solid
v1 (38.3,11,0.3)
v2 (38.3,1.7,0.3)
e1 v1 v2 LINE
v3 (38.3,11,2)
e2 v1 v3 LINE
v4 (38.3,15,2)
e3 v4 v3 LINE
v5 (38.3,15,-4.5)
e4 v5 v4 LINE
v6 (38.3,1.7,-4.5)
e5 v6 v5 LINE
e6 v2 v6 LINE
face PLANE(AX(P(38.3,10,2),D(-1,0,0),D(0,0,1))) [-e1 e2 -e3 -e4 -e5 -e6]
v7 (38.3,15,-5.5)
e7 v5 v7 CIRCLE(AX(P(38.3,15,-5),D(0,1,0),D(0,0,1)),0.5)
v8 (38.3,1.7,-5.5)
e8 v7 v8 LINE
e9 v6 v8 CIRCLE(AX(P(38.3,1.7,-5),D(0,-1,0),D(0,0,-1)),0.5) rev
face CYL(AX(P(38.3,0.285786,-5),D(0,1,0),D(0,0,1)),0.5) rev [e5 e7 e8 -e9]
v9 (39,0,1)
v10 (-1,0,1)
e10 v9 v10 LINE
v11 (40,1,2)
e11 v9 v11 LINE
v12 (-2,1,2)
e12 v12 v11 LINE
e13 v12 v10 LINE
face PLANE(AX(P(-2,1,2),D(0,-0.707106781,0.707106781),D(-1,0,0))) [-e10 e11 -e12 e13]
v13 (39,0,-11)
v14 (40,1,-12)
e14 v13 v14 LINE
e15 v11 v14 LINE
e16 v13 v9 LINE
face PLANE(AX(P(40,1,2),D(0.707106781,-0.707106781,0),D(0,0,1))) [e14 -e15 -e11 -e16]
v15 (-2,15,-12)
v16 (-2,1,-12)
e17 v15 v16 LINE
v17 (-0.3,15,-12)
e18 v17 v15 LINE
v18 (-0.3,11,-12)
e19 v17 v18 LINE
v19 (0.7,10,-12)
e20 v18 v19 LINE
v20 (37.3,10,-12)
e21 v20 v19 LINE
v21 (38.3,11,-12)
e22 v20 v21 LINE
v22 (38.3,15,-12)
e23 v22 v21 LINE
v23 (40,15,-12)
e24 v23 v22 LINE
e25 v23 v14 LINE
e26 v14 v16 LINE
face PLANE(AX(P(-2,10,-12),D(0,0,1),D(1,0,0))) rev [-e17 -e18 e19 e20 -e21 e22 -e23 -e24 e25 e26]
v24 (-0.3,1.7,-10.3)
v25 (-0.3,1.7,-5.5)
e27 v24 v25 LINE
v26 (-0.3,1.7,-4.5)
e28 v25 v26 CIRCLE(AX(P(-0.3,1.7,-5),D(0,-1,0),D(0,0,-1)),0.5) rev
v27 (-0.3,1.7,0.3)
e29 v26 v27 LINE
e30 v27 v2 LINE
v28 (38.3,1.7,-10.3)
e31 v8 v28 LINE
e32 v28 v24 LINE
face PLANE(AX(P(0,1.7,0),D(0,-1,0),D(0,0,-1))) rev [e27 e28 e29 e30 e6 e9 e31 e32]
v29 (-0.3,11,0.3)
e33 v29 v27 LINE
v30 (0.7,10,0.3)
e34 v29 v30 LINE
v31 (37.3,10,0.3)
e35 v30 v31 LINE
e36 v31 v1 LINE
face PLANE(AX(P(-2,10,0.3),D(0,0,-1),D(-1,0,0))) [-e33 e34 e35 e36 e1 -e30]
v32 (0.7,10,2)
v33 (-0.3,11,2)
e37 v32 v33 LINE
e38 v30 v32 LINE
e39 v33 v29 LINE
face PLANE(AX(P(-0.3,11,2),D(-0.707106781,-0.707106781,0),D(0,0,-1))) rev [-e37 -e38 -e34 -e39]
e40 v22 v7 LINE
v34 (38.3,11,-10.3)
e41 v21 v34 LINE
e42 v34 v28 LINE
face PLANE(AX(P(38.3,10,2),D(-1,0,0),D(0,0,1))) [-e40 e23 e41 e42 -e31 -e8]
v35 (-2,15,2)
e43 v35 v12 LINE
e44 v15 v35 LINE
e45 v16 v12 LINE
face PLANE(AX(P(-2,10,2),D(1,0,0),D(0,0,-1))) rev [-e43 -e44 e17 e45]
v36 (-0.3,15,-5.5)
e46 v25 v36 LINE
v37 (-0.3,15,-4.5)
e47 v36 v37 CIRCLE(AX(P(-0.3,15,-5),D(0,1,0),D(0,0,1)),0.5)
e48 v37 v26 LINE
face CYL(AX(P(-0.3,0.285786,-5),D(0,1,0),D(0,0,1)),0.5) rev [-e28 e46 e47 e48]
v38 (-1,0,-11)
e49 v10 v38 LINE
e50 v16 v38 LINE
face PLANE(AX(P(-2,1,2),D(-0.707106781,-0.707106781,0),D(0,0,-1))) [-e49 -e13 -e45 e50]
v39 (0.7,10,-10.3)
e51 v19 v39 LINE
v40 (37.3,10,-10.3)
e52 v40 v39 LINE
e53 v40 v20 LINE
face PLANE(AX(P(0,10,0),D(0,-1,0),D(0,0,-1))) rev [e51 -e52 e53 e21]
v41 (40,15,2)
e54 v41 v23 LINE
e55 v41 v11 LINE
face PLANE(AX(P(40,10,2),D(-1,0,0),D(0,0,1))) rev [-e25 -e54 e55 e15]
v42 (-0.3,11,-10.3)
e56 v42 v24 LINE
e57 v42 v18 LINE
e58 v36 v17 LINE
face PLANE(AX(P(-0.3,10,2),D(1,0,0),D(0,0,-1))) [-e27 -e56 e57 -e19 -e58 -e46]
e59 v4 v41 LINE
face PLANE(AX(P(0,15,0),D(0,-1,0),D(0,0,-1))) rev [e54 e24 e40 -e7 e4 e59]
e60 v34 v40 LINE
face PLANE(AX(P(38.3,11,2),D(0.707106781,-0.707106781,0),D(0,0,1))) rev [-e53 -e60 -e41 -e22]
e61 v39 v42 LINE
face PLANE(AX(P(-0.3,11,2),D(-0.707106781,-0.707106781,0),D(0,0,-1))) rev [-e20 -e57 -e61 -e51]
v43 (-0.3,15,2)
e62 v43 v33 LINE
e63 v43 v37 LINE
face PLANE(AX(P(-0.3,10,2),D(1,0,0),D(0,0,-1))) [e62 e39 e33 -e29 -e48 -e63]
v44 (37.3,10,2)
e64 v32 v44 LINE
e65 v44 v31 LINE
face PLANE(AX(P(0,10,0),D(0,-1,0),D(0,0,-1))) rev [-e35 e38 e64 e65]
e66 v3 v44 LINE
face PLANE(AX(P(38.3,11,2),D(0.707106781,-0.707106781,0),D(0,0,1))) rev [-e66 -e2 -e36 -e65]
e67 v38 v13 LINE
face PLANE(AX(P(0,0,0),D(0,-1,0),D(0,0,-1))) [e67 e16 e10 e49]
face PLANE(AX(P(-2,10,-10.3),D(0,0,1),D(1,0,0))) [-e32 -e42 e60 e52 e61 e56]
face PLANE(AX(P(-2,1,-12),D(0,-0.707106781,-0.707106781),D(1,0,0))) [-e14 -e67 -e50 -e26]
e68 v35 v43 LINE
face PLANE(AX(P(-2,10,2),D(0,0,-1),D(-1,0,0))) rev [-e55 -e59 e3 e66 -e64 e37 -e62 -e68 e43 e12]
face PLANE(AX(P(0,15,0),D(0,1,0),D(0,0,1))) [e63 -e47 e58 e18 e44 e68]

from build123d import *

# Parameters (mm, degrees)
SKETCH1_W           = 42
SKETCH1_H           = 14
BOSS_EXTRUDE1_DEPTH = 10
SHELL1_T            = -1.7
SKETCH2_W           = 1.7
SKETCH2_H           = 14
BOSS_EXTRUDE2_DEPTH = 5
SKETCH3_R           = 0.5
CUT_EXTRUDE1_DEPTH  = 13.3
CHAMFER1_SIZE       = 1
CHAMFER2_SIZE       = 1


with BuildPart() as part:
    # Sketch1 → Boss-Extrude1 (new body)
    with BuildSketch(Plane(origin=(0, 0, 0), x_dir=(1, 0, 0), z_dir=(0, 1, 0))):
        with Locations((19, 5)):
            Rectangle(SKETCH1_W, SKETCH1_H)
    extrude(amount=BOSS_EXTRUDE1_DEPTH)

    # Shell1
    shell1_openings = [part.faces().sort_by_distance(p)[0] for p in [
        (19, 10, -5),
    ]]
    offset(amount=SHELL1_T, openings=shell1_openings, kind=Kind.INTERSECTION)

    # Sketch2 → Boss-Extrude2 (add)
    with BuildSketch(Plane(origin=(0, 10, 0), x_dir=(1, 0, 0), z_dir=(0, 1, 0))):
        with Locations((-1.15, 5)):
            Rectangle(SKETCH2_W, SKETCH2_H)
        with Locations((39.15, 5)):
            Rectangle(SKETCH2_W, SKETCH2_H)
    extrude(amount=BOSS_EXTRUDE2_DEPTH)

    # Sketch3 → Cut-Extrude1 (cut)
    with BuildSketch(Plane(origin=(0, 15, 0), x_dir=(1, 0, 0), z_dir=(0, 1, 0))):
        with Locations((-0.3, 5)):
            Circle(SKETCH3_R)
        with Locations((38.3, 5)):
            Circle(SKETCH3_R)
    extrude(amount=-CUT_EXTRUDE1_DEPTH, mode=Mode.SUBTRACT)

    # Chamfer1
    chamfer1_edges = [part.edges().sort_by_distance(p)[0] for p in [
        (-0.3, 10, -11.15),
        (-0.3, 10, 1.15),
        (38.3, 10, -11.15),
        (38.3, 10, 1.15),
    ]]
    chamfer(chamfer1_edges, length=CHAMFER1_SIZE)

    # Chamfer2
    chamfer2_edges = [part.edges().sort_by_distance(p)[0] for p in [
        (19, 0, -12),
        (40, 0, -5),
        (19, 0, 2),
        (-2, 0, -5),
    ]]
    chamfer(chamfer2_edges, length=CHAMFER2_SIZE)


solid = part.part
